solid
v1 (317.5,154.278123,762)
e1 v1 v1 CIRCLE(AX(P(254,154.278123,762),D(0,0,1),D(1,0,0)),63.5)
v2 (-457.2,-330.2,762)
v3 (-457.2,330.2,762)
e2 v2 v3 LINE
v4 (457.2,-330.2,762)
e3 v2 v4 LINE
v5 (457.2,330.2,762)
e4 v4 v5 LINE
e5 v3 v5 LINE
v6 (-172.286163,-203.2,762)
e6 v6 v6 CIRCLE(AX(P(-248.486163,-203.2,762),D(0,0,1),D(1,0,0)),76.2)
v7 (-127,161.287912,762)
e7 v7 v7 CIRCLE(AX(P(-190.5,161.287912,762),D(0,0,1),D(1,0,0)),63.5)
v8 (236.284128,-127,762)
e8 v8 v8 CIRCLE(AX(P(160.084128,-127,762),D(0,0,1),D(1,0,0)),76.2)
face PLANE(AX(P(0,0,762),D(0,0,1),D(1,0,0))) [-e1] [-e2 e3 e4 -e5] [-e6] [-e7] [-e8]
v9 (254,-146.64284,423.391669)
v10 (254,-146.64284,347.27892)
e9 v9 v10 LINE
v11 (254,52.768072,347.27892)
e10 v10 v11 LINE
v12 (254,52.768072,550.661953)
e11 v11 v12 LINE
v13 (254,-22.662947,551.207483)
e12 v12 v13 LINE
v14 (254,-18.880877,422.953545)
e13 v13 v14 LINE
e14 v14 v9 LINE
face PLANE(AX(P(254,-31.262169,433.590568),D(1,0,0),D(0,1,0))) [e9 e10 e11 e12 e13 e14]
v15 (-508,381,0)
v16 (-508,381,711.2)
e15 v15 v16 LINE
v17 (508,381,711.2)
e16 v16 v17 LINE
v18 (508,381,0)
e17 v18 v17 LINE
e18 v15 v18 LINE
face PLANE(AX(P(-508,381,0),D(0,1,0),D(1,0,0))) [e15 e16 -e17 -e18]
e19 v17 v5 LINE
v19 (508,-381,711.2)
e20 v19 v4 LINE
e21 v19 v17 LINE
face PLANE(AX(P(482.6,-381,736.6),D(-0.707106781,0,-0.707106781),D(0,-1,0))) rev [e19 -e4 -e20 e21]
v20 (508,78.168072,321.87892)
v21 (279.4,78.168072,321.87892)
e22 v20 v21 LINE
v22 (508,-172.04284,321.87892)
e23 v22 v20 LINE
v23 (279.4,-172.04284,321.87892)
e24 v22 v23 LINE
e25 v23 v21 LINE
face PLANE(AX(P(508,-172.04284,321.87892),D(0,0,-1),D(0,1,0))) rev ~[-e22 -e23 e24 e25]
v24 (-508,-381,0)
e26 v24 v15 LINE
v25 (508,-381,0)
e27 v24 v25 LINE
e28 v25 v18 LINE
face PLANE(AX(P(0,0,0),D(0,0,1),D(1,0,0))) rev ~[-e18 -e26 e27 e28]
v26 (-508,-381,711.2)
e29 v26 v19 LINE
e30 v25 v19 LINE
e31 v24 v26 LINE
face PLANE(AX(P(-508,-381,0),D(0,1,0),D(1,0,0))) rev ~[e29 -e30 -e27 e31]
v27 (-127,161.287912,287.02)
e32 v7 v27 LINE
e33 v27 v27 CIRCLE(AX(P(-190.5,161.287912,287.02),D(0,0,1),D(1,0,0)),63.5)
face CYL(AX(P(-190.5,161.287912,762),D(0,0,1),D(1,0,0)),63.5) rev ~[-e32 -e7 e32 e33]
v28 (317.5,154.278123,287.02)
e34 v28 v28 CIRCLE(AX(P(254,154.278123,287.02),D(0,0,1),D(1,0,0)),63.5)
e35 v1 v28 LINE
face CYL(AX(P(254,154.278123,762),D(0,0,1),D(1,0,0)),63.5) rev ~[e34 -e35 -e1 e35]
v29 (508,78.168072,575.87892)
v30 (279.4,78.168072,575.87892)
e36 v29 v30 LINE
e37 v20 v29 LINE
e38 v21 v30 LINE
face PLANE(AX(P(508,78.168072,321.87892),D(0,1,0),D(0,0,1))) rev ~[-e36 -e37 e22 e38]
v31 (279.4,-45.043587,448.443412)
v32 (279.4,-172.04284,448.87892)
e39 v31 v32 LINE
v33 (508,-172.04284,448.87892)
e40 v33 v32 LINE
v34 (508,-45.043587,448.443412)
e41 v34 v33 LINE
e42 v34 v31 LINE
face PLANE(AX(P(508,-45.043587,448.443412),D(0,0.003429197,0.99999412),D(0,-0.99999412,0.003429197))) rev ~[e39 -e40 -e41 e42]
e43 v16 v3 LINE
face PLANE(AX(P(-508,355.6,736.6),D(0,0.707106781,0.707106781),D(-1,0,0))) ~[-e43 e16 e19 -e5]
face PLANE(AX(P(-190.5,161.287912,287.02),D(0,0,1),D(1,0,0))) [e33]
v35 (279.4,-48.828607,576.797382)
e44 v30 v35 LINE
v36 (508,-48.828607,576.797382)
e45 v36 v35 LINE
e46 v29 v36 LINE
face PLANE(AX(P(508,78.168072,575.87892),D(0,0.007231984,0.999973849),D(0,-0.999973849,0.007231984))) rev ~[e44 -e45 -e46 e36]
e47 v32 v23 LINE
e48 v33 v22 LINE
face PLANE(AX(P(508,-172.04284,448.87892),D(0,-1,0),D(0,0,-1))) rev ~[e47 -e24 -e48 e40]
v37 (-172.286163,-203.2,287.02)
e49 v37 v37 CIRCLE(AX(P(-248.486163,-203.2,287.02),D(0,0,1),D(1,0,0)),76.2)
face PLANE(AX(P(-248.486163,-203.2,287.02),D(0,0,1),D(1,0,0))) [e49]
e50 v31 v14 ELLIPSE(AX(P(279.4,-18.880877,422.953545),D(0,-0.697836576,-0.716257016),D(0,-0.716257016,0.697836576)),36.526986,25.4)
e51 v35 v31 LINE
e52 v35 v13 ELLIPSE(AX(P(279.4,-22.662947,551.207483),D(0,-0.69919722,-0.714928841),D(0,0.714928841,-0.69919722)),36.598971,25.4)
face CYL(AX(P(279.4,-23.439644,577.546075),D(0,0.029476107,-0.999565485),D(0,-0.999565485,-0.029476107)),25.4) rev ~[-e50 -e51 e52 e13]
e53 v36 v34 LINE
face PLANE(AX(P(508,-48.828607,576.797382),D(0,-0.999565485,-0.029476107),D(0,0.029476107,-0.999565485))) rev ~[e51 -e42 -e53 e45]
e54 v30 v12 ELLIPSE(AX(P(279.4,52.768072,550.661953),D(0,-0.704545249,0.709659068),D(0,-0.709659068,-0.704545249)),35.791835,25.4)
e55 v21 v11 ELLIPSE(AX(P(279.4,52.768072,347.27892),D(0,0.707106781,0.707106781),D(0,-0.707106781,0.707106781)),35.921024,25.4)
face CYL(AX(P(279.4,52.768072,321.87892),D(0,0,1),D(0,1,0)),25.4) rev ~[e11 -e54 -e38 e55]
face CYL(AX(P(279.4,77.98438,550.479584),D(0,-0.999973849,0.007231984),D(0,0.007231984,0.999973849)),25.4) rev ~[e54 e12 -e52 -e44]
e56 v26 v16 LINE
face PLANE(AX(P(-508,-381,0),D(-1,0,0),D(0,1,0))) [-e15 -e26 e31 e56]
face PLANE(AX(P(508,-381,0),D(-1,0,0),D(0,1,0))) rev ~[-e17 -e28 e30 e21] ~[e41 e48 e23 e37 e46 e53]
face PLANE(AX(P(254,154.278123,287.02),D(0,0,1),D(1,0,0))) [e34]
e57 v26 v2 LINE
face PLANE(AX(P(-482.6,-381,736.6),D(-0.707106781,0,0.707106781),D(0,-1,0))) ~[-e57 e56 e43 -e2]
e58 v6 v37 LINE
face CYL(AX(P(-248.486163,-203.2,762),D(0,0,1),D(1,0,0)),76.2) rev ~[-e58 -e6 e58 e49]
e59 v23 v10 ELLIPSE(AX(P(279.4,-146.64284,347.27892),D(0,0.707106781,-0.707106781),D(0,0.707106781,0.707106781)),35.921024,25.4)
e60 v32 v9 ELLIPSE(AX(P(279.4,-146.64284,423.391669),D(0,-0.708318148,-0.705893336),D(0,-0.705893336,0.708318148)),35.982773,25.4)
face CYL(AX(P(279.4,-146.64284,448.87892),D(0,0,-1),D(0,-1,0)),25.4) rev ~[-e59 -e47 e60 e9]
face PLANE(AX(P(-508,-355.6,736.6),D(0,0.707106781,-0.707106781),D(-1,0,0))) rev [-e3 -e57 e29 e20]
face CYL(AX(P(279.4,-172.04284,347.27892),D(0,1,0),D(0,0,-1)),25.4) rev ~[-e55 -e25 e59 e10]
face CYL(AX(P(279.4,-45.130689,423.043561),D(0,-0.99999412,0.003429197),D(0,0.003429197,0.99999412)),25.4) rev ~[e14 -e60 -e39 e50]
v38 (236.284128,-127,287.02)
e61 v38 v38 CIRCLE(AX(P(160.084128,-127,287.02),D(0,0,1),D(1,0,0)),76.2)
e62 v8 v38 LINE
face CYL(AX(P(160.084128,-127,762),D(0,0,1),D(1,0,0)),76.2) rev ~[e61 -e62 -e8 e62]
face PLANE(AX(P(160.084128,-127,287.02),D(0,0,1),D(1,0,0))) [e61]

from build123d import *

# Parameters (mm, degrees)
F0_W     = 1016
F0_H     = 762
F1_DEPTH = 762
F2_SIZE  = 50.8
F3_R     = 63.5
F3_R_2   = 76.2
F4_DEPTH = 474.98
F6_DEPTH = 254
F7_R     = 25.4


with BuildPart() as f1:
    # F0 (on Top) → F1 (new body)
    with BuildSketch(Plane.XY):
        Rectangle(F0_W, F0_H)
    extrude(amount=F1_DEPTH)

    # F2
    f2_edges = [f1.edges().sort_by_distance(p)[0] for p in [
        (0, -381, 762),
        (508, 0, 762),
        (0, 381, 762),
        (-508, 0, 762),
    ]]
    chamfer(f2_edges, length=F2_SIZE)

    # F3 (on face) → F4 (cut)
    with BuildSketch(Plane.XY.offset(762)):
        with Locations((254, 154.278123)):
            Circle(F3_R)
        with Locations((160.084128, -127)):
            Circle(F3_R_2)
        with Locations((-190.5, 161.287912)):
            Circle(F3_R)
        with Locations((-248.486163, -203.2)):
            Circle(F3_R_2)
    extrude(amount=-F4_DEPTH, mode=Mode.SUBTRACT)

    # F5 (on face) → F6 (cut)
    with BuildSketch(Plane.YZ.offset(508)):
        Polygon((-172.04284, 448.87892), (-172.04284, 321.87892), (78.168072, 321.87892), (78.168072, 575.87892), (-48.828607, 576.797382), (-45.043587, 448.443412), align=None)
    extrude(amount=-F6_DEPTH, mode=Mode.SUBTRACT)

    # F7
    f7_edges = [f1.edges().sort_by_distance(p)[0] for p in [
        (254, -108.543213, 448.661166),
        (254, -46.936097, 512.620397),
        (254, 14.669732, 576.338151),
        (254, 78.168072, 448.87892),
        (254, -46.937384, 321.87892),
        (254, -172.04284, 385.37892),
    ]]
    fillet(f7_edges, radius=F7_R)


solid = f1.part
